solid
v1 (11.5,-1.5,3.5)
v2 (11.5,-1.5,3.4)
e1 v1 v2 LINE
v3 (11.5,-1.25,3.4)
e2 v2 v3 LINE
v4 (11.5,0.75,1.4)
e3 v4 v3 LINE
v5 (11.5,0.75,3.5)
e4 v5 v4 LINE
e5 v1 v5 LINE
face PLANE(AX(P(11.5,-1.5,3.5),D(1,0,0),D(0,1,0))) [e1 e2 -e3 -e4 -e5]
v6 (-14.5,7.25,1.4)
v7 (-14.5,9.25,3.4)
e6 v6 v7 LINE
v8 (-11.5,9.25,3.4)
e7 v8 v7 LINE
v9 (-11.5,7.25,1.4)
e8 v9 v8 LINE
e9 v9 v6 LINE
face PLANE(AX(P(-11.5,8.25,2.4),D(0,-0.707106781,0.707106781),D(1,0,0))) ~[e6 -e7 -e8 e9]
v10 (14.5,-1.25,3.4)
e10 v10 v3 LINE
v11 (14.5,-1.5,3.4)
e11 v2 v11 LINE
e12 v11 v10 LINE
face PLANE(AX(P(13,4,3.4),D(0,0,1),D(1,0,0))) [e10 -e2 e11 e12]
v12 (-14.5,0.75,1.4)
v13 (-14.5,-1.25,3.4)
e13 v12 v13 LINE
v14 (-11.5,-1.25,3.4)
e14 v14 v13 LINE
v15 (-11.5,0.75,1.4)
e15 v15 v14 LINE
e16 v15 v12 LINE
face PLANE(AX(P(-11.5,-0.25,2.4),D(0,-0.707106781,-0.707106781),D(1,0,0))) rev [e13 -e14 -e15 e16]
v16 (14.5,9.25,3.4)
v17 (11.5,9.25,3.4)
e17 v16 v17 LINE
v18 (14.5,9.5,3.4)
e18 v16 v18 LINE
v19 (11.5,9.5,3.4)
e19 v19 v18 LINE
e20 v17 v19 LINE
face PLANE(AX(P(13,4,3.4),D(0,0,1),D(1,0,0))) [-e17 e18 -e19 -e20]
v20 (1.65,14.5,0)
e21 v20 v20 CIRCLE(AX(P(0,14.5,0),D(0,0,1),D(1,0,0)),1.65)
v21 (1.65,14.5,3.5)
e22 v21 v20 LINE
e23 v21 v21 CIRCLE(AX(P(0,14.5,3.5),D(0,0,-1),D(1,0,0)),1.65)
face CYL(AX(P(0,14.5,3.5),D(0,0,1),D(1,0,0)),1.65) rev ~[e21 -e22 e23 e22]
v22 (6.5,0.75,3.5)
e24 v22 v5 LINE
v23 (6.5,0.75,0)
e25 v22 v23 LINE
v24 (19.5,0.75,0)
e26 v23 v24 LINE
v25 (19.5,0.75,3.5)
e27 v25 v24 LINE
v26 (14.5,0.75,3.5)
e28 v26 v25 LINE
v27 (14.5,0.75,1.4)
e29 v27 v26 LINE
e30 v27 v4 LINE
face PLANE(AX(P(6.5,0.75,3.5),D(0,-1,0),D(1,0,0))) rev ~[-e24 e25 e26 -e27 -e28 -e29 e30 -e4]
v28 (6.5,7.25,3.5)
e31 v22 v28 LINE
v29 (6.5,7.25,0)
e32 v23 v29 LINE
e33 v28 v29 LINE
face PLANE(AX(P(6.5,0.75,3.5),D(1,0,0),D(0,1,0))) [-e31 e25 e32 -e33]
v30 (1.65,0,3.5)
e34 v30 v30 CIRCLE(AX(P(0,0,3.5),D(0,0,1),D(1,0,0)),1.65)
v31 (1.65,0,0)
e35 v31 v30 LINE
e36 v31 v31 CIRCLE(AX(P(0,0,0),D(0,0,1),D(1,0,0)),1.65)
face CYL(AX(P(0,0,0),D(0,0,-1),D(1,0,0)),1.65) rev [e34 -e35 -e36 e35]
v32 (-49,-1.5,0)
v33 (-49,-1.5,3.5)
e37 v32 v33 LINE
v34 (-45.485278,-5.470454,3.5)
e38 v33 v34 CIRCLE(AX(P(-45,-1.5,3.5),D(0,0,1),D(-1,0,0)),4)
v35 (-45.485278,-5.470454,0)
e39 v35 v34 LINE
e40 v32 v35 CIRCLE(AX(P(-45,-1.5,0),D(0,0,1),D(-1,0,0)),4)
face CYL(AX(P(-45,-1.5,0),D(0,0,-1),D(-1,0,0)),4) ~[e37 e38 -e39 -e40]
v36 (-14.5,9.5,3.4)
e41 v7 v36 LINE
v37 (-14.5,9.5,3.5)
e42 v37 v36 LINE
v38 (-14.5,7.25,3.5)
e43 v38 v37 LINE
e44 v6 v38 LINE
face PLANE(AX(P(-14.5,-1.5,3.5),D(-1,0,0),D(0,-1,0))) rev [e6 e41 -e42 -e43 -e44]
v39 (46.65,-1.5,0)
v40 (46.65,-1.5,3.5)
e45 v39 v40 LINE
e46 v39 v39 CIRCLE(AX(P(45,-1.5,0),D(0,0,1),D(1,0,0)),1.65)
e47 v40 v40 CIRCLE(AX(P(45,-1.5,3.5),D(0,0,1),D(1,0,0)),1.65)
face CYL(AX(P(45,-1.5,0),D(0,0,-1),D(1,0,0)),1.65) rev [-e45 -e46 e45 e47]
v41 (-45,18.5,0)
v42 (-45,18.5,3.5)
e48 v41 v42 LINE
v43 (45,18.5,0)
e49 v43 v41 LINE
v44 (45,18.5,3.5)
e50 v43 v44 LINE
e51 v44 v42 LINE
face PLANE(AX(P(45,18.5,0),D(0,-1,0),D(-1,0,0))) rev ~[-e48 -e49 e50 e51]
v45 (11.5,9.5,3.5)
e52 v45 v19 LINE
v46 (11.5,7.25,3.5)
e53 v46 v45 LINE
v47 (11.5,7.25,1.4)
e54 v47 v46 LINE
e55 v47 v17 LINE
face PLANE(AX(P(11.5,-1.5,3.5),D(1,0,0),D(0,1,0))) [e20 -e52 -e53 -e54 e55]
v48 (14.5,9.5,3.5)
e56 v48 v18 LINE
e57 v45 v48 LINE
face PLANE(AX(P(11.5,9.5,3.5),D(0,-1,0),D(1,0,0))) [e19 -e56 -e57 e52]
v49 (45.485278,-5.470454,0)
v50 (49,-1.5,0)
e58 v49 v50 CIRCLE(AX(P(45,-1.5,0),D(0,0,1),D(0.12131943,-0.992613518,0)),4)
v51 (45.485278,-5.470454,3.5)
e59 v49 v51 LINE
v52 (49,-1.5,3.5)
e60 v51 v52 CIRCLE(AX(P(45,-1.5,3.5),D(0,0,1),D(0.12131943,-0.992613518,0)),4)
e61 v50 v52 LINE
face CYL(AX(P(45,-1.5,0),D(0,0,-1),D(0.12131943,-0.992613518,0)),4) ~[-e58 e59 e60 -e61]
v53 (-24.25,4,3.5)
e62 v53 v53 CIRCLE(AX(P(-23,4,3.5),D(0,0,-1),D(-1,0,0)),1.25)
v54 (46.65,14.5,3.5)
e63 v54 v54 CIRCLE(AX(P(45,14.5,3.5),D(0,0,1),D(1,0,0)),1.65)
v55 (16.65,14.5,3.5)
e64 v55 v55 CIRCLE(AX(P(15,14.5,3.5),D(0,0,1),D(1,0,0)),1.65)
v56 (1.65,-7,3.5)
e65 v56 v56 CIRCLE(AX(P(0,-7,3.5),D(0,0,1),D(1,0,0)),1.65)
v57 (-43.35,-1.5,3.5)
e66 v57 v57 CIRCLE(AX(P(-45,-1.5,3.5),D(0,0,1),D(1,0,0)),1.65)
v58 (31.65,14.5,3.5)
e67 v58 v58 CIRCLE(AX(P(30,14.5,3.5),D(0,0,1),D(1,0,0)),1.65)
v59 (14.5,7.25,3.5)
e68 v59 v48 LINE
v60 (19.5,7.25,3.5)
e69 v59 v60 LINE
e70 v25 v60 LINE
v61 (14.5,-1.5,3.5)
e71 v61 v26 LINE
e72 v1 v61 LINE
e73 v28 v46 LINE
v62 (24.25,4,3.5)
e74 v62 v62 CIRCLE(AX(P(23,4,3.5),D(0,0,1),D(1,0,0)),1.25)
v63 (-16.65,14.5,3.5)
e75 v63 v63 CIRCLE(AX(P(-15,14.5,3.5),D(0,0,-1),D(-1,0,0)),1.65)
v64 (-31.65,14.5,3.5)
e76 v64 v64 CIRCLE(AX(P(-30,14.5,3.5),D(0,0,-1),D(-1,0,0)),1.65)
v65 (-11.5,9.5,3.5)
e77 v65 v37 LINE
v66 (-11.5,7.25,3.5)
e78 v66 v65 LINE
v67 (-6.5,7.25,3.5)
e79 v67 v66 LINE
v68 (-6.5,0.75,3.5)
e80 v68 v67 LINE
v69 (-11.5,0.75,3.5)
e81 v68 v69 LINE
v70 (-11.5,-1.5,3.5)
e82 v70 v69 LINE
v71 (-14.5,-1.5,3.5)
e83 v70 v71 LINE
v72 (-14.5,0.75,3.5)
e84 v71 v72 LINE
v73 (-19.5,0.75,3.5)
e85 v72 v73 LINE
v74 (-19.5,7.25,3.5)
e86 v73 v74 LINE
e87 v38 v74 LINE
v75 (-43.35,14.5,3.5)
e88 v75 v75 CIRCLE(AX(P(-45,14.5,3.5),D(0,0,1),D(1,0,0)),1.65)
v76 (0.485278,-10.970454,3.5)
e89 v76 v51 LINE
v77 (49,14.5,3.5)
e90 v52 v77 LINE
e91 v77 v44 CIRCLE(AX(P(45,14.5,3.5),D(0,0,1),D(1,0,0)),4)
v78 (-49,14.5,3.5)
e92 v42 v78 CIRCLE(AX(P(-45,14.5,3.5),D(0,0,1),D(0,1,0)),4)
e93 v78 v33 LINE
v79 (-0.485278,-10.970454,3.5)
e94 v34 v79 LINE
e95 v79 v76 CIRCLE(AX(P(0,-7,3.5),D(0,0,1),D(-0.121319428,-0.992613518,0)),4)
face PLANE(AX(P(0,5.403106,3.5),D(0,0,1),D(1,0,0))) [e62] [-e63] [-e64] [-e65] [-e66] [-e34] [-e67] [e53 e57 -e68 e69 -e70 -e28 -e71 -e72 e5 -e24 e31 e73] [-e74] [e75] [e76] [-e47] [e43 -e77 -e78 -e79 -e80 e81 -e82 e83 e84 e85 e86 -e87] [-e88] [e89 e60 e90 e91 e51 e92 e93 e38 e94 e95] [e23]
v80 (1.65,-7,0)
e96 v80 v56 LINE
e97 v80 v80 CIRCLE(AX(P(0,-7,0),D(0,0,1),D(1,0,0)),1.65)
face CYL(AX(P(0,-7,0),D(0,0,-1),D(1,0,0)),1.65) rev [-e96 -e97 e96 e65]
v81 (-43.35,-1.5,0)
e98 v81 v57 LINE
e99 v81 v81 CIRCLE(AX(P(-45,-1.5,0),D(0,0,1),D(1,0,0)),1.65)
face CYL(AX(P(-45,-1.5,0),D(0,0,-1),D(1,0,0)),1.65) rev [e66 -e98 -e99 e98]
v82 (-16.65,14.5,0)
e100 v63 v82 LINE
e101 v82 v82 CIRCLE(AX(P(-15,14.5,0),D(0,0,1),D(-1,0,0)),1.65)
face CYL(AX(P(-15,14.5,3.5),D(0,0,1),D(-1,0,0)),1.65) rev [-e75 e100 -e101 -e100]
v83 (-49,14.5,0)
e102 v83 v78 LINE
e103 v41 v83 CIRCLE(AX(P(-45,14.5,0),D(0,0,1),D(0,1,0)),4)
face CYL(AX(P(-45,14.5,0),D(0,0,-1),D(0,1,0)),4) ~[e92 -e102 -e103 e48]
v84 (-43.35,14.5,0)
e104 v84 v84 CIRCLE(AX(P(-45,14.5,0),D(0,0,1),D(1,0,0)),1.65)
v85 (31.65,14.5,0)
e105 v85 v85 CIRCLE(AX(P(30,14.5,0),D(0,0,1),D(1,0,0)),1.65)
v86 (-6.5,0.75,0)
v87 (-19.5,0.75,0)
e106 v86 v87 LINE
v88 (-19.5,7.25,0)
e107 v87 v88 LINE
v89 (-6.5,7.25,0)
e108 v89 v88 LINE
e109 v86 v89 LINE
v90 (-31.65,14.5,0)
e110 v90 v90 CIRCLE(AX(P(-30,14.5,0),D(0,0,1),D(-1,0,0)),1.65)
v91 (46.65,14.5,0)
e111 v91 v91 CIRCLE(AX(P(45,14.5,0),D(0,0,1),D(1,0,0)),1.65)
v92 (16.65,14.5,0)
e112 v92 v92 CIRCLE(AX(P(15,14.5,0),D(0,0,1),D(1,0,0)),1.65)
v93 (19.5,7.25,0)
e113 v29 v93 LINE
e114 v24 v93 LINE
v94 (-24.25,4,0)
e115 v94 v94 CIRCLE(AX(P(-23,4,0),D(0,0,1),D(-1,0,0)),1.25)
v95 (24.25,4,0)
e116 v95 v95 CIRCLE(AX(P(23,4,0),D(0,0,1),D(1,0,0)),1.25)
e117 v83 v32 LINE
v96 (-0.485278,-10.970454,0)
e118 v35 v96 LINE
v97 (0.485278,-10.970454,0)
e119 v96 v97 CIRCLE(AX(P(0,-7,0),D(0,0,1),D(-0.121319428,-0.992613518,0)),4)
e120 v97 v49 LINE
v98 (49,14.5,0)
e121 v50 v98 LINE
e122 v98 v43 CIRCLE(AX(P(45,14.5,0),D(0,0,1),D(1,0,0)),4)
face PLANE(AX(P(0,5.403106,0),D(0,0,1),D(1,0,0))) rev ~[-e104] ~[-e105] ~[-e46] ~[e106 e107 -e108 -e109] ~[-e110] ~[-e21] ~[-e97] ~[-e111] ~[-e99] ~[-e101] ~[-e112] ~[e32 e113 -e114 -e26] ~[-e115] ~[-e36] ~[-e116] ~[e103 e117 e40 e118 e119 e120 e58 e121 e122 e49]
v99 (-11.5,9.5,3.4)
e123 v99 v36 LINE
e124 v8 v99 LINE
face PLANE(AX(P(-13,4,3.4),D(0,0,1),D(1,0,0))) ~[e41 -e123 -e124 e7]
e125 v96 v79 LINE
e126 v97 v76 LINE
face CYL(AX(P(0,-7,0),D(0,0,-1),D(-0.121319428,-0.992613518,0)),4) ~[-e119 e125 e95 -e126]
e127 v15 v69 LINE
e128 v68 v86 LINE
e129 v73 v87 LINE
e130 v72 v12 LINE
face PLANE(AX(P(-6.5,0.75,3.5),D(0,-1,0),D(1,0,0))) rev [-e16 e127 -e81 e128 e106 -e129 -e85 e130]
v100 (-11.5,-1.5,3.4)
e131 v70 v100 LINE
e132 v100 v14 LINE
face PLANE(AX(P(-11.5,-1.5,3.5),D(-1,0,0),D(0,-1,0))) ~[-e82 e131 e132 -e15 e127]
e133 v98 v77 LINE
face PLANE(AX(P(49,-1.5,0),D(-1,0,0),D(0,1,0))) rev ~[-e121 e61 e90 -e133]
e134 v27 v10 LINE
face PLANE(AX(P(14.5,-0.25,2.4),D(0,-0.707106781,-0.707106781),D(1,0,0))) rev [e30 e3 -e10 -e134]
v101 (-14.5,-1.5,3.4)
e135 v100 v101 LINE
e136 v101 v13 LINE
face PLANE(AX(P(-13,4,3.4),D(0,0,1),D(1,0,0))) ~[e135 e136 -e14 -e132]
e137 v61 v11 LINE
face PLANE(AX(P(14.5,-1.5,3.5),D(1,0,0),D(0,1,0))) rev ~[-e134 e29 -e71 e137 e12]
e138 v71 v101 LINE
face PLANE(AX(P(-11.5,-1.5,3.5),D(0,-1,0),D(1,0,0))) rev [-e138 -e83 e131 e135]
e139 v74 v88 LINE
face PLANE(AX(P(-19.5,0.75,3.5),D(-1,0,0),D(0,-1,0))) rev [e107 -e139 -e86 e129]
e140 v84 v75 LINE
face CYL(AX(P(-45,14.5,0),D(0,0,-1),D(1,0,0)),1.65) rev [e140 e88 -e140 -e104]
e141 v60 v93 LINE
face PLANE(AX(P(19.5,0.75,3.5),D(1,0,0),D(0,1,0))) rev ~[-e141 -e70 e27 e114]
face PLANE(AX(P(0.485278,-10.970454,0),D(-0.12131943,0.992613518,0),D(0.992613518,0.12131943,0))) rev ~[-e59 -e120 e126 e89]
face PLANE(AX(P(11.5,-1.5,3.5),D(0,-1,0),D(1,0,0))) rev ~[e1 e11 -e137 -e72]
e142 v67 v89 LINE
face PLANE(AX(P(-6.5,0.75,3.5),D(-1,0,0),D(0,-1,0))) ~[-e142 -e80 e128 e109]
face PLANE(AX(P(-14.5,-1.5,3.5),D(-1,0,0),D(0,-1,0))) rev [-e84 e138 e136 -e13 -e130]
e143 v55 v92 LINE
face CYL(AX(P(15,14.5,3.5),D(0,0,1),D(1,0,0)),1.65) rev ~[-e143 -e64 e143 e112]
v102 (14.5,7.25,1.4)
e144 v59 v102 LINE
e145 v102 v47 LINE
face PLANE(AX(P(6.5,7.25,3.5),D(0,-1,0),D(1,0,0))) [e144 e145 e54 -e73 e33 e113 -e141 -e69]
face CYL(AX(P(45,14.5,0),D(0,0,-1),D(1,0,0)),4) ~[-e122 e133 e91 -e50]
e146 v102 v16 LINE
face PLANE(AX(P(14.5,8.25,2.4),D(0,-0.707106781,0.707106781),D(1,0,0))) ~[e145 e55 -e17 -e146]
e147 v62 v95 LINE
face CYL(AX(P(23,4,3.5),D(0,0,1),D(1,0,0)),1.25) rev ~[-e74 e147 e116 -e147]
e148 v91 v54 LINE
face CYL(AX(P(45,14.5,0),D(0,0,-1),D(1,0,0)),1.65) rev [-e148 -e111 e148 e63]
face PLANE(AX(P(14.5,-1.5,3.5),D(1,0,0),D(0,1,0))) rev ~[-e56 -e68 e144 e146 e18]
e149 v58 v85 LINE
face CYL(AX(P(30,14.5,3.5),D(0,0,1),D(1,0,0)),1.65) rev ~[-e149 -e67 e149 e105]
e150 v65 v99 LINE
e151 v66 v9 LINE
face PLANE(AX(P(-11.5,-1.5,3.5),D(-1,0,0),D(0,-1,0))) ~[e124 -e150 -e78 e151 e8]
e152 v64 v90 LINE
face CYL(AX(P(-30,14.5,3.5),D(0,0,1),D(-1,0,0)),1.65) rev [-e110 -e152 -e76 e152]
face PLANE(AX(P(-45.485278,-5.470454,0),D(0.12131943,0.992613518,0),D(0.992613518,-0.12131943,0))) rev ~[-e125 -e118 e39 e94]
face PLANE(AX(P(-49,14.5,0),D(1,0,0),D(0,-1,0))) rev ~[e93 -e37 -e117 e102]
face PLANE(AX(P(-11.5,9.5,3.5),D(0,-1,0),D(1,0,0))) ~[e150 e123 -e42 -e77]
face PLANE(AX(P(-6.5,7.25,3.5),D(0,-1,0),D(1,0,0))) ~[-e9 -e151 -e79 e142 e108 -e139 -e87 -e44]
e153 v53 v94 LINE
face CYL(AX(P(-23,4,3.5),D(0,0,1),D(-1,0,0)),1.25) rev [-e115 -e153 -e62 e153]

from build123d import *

# Parameters (mm, degrees)
SZKIC1_R                    = 1.65
DODANIE_WYCI_GNI_CIE1_DEPTH = 3.5
SZKIC2_W                    = 13
SZKIC2_H                    = 6.5
WYTNIJ_WYCI_GNI_CIE1_DEPTH  = 4
SZKIC3_R                    = 1.25
WYTNIJ_WYCI_GNI_CIE2_DEPTH  = 4
SZKIC4_R                    = 1.65
WYTNIJ_WYCI_GNI_CIE3_DEPTH  = 4
SZKIC5_W                    = 3
SZKIC5_H                    = 11
WYTNIJ_WYCI_GNI_CIE4_DEPTH  = 0.1
SFAZOWANIE1_SIZE            = 2
SFAZOWANIE2_SIZE            = 2


with BuildPart() as part:
    # Szkic1 → Dodanie-wyciągnięcie1 (new body)
    with BuildSketch(Plane.XY):
        with BuildLine():
            ThreePointArc((-0.48527772, -10.970454072), (0, -11), (0.48527772, -10.970454072))
            Line((0.48527772, -10.970454072), (45.48527772, -5.470454072))
            ThreePointArc((45.48527772, -5.470454072), (47.995088553, -4.151309971), (49, -1.5))
            Line((49, -1.5), (49, 14.5))
            ThreePointArc((49, 14.5), (47.828427125, 17.328427125), (45, 18.5))
            Line((45, 18.5), (-45, 18.5))
            ThreePointArc((-45, 18.5), (-47.828427125, 17.328427125), (-49, 14.5))
            Line((-49, 14.5), (-49, -1.5))
            ThreePointArc((-49, -1.5), (-47.995088553, -4.151309971), (-45.48527772, -5.470454072))
            Line((-45.48527772, -5.470454072), (-0.48527772, -10.970454072))
        make_face()
        with Locations((0, -7)):
            Circle(SZKIC1_R, mode=Mode.SUBTRACT)
        with Locations((-45, -1.5)):
            Circle(SZKIC1_R, mode=Mode.SUBTRACT)
        Circle(SZKIC1_R, mode=Mode.SUBTRACT)
        with Locations((45, -1.5)):
            Circle(SZKIC1_R, mode=Mode.SUBTRACT)
        with Locations((-45, 14.5)):
            Circle(SZKIC1_R, mode=Mode.SUBTRACT)
        with Locations((45, 14.5)):
            Circle(SZKIC1_R, mode=Mode.SUBTRACT)
    extrude(amount=DODANIE_WYCI_GNI_CIE1_DEPTH)

    # Szkic2 → Wytnij-wyciągnięcie1 (cut)
    with BuildSketch(Plane.XY.offset(3.5)):
        with Locations((13, 4)):
            Rectangle(SZKIC2_W, SZKIC2_H)
    wytnij_wyci_gni_cie1 = extrude(amount=-WYTNIJ_WYCI_GNI_CIE1_DEPTH, mode=Mode.SUBTRACT)

    # Szkic3 → Wytnij-wyciągnięcie2 (cut)
    with BuildSketch(Plane.XY.offset(3.5)):
        with Locations((23, 4)):
            Circle(SZKIC3_R)
    wytnij_wyci_gni_cie2 = extrude(amount=-WYTNIJ_WYCI_GNI_CIE2_DEPTH, mode=Mode.SUBTRACT)

    # Lustro1: Wytnij-wyciągnięcie1, Wytnij-wyciągnięcie2 across plane
    add(wytnij_wyci_gni_cie1.mirror(Plane(origin=(0, 0, 0), x_dir=(0, 0, 1), z_dir=(1, 0, 0))), mode=Mode.SUBTRACT)
    add(wytnij_wyci_gni_cie2.mirror(Plane(origin=(0, 0, 0), x_dir=(0, 0, 1), z_dir=(1, 0, 0))), mode=Mode.SUBTRACT)

    # Szkic4 → Wytnij-wyciągnięcie3 (cut)
    with BuildSketch(Plane.XY.offset(3.5)):
        with Locations((0, 14.5)):
            Circle(SZKIC4_R)
        with Locations((15, 14.5)):
            Circle(SZKIC4_R)
        with Locations((30, 14.5)):
            Circle(SZKIC4_R)
    wytnij_wyci_gni_cie3 = extrude(amount=-WYTNIJ_WYCI_GNI_CIE3_DEPTH, mode=Mode.SUBTRACT)

    # Lustro2: Wytnij-wyciągnięcie3 across plane
    add(wytnij_wyci_gni_cie3.mirror(Plane(origin=(0, 0, 0), x_dir=(0, 0, 1), z_dir=(1, 0, 0))), mode=Mode.SUBTRACT)

    # Szkic5 → Wytnij-wyciągnięcie4 (cut)
    with BuildSketch(Plane.XY.offset(3.5)):
        with Locations((13, 4)):
            Rectangle(SZKIC5_W, SZKIC5_H)
    wytnij_wyci_gni_cie4 = extrude(amount=-WYTNIJ_WYCI_GNI_CIE4_DEPTH, mode=Mode.SUBTRACT)

    # Sfazowanie1
    sfazowanie1_edges = [part.edges().sort_by_distance(p)[0] for p in [
        (13, 7.25, 3.4),
        (13, 0.75, 3.4),
    ]]
    chamfer(sfazowanie1_edges, length=SFAZOWANIE1_SIZE)

    # Lustro6: Wytnij-wyciągnięcie4 across plane
    add(wytnij_wyci_gni_cie4.mirror(Plane(origin=(0, 0, 0), x_dir=(0, 0, 1), z_dir=(1, 0, 0))), mode=Mode.SUBTRACT)

    # Sfazowanie2
    sfazowanie2_edges = [part.edges().sort_by_distance(p)[0] for p in [
        (-13, 0.75, 3.4),
        (-13, 7.25, 3.4),
    ]]
    chamfer(sfazowanie2_edges, length=SFAZOWANIE2_SIZE)


solid = part.part
